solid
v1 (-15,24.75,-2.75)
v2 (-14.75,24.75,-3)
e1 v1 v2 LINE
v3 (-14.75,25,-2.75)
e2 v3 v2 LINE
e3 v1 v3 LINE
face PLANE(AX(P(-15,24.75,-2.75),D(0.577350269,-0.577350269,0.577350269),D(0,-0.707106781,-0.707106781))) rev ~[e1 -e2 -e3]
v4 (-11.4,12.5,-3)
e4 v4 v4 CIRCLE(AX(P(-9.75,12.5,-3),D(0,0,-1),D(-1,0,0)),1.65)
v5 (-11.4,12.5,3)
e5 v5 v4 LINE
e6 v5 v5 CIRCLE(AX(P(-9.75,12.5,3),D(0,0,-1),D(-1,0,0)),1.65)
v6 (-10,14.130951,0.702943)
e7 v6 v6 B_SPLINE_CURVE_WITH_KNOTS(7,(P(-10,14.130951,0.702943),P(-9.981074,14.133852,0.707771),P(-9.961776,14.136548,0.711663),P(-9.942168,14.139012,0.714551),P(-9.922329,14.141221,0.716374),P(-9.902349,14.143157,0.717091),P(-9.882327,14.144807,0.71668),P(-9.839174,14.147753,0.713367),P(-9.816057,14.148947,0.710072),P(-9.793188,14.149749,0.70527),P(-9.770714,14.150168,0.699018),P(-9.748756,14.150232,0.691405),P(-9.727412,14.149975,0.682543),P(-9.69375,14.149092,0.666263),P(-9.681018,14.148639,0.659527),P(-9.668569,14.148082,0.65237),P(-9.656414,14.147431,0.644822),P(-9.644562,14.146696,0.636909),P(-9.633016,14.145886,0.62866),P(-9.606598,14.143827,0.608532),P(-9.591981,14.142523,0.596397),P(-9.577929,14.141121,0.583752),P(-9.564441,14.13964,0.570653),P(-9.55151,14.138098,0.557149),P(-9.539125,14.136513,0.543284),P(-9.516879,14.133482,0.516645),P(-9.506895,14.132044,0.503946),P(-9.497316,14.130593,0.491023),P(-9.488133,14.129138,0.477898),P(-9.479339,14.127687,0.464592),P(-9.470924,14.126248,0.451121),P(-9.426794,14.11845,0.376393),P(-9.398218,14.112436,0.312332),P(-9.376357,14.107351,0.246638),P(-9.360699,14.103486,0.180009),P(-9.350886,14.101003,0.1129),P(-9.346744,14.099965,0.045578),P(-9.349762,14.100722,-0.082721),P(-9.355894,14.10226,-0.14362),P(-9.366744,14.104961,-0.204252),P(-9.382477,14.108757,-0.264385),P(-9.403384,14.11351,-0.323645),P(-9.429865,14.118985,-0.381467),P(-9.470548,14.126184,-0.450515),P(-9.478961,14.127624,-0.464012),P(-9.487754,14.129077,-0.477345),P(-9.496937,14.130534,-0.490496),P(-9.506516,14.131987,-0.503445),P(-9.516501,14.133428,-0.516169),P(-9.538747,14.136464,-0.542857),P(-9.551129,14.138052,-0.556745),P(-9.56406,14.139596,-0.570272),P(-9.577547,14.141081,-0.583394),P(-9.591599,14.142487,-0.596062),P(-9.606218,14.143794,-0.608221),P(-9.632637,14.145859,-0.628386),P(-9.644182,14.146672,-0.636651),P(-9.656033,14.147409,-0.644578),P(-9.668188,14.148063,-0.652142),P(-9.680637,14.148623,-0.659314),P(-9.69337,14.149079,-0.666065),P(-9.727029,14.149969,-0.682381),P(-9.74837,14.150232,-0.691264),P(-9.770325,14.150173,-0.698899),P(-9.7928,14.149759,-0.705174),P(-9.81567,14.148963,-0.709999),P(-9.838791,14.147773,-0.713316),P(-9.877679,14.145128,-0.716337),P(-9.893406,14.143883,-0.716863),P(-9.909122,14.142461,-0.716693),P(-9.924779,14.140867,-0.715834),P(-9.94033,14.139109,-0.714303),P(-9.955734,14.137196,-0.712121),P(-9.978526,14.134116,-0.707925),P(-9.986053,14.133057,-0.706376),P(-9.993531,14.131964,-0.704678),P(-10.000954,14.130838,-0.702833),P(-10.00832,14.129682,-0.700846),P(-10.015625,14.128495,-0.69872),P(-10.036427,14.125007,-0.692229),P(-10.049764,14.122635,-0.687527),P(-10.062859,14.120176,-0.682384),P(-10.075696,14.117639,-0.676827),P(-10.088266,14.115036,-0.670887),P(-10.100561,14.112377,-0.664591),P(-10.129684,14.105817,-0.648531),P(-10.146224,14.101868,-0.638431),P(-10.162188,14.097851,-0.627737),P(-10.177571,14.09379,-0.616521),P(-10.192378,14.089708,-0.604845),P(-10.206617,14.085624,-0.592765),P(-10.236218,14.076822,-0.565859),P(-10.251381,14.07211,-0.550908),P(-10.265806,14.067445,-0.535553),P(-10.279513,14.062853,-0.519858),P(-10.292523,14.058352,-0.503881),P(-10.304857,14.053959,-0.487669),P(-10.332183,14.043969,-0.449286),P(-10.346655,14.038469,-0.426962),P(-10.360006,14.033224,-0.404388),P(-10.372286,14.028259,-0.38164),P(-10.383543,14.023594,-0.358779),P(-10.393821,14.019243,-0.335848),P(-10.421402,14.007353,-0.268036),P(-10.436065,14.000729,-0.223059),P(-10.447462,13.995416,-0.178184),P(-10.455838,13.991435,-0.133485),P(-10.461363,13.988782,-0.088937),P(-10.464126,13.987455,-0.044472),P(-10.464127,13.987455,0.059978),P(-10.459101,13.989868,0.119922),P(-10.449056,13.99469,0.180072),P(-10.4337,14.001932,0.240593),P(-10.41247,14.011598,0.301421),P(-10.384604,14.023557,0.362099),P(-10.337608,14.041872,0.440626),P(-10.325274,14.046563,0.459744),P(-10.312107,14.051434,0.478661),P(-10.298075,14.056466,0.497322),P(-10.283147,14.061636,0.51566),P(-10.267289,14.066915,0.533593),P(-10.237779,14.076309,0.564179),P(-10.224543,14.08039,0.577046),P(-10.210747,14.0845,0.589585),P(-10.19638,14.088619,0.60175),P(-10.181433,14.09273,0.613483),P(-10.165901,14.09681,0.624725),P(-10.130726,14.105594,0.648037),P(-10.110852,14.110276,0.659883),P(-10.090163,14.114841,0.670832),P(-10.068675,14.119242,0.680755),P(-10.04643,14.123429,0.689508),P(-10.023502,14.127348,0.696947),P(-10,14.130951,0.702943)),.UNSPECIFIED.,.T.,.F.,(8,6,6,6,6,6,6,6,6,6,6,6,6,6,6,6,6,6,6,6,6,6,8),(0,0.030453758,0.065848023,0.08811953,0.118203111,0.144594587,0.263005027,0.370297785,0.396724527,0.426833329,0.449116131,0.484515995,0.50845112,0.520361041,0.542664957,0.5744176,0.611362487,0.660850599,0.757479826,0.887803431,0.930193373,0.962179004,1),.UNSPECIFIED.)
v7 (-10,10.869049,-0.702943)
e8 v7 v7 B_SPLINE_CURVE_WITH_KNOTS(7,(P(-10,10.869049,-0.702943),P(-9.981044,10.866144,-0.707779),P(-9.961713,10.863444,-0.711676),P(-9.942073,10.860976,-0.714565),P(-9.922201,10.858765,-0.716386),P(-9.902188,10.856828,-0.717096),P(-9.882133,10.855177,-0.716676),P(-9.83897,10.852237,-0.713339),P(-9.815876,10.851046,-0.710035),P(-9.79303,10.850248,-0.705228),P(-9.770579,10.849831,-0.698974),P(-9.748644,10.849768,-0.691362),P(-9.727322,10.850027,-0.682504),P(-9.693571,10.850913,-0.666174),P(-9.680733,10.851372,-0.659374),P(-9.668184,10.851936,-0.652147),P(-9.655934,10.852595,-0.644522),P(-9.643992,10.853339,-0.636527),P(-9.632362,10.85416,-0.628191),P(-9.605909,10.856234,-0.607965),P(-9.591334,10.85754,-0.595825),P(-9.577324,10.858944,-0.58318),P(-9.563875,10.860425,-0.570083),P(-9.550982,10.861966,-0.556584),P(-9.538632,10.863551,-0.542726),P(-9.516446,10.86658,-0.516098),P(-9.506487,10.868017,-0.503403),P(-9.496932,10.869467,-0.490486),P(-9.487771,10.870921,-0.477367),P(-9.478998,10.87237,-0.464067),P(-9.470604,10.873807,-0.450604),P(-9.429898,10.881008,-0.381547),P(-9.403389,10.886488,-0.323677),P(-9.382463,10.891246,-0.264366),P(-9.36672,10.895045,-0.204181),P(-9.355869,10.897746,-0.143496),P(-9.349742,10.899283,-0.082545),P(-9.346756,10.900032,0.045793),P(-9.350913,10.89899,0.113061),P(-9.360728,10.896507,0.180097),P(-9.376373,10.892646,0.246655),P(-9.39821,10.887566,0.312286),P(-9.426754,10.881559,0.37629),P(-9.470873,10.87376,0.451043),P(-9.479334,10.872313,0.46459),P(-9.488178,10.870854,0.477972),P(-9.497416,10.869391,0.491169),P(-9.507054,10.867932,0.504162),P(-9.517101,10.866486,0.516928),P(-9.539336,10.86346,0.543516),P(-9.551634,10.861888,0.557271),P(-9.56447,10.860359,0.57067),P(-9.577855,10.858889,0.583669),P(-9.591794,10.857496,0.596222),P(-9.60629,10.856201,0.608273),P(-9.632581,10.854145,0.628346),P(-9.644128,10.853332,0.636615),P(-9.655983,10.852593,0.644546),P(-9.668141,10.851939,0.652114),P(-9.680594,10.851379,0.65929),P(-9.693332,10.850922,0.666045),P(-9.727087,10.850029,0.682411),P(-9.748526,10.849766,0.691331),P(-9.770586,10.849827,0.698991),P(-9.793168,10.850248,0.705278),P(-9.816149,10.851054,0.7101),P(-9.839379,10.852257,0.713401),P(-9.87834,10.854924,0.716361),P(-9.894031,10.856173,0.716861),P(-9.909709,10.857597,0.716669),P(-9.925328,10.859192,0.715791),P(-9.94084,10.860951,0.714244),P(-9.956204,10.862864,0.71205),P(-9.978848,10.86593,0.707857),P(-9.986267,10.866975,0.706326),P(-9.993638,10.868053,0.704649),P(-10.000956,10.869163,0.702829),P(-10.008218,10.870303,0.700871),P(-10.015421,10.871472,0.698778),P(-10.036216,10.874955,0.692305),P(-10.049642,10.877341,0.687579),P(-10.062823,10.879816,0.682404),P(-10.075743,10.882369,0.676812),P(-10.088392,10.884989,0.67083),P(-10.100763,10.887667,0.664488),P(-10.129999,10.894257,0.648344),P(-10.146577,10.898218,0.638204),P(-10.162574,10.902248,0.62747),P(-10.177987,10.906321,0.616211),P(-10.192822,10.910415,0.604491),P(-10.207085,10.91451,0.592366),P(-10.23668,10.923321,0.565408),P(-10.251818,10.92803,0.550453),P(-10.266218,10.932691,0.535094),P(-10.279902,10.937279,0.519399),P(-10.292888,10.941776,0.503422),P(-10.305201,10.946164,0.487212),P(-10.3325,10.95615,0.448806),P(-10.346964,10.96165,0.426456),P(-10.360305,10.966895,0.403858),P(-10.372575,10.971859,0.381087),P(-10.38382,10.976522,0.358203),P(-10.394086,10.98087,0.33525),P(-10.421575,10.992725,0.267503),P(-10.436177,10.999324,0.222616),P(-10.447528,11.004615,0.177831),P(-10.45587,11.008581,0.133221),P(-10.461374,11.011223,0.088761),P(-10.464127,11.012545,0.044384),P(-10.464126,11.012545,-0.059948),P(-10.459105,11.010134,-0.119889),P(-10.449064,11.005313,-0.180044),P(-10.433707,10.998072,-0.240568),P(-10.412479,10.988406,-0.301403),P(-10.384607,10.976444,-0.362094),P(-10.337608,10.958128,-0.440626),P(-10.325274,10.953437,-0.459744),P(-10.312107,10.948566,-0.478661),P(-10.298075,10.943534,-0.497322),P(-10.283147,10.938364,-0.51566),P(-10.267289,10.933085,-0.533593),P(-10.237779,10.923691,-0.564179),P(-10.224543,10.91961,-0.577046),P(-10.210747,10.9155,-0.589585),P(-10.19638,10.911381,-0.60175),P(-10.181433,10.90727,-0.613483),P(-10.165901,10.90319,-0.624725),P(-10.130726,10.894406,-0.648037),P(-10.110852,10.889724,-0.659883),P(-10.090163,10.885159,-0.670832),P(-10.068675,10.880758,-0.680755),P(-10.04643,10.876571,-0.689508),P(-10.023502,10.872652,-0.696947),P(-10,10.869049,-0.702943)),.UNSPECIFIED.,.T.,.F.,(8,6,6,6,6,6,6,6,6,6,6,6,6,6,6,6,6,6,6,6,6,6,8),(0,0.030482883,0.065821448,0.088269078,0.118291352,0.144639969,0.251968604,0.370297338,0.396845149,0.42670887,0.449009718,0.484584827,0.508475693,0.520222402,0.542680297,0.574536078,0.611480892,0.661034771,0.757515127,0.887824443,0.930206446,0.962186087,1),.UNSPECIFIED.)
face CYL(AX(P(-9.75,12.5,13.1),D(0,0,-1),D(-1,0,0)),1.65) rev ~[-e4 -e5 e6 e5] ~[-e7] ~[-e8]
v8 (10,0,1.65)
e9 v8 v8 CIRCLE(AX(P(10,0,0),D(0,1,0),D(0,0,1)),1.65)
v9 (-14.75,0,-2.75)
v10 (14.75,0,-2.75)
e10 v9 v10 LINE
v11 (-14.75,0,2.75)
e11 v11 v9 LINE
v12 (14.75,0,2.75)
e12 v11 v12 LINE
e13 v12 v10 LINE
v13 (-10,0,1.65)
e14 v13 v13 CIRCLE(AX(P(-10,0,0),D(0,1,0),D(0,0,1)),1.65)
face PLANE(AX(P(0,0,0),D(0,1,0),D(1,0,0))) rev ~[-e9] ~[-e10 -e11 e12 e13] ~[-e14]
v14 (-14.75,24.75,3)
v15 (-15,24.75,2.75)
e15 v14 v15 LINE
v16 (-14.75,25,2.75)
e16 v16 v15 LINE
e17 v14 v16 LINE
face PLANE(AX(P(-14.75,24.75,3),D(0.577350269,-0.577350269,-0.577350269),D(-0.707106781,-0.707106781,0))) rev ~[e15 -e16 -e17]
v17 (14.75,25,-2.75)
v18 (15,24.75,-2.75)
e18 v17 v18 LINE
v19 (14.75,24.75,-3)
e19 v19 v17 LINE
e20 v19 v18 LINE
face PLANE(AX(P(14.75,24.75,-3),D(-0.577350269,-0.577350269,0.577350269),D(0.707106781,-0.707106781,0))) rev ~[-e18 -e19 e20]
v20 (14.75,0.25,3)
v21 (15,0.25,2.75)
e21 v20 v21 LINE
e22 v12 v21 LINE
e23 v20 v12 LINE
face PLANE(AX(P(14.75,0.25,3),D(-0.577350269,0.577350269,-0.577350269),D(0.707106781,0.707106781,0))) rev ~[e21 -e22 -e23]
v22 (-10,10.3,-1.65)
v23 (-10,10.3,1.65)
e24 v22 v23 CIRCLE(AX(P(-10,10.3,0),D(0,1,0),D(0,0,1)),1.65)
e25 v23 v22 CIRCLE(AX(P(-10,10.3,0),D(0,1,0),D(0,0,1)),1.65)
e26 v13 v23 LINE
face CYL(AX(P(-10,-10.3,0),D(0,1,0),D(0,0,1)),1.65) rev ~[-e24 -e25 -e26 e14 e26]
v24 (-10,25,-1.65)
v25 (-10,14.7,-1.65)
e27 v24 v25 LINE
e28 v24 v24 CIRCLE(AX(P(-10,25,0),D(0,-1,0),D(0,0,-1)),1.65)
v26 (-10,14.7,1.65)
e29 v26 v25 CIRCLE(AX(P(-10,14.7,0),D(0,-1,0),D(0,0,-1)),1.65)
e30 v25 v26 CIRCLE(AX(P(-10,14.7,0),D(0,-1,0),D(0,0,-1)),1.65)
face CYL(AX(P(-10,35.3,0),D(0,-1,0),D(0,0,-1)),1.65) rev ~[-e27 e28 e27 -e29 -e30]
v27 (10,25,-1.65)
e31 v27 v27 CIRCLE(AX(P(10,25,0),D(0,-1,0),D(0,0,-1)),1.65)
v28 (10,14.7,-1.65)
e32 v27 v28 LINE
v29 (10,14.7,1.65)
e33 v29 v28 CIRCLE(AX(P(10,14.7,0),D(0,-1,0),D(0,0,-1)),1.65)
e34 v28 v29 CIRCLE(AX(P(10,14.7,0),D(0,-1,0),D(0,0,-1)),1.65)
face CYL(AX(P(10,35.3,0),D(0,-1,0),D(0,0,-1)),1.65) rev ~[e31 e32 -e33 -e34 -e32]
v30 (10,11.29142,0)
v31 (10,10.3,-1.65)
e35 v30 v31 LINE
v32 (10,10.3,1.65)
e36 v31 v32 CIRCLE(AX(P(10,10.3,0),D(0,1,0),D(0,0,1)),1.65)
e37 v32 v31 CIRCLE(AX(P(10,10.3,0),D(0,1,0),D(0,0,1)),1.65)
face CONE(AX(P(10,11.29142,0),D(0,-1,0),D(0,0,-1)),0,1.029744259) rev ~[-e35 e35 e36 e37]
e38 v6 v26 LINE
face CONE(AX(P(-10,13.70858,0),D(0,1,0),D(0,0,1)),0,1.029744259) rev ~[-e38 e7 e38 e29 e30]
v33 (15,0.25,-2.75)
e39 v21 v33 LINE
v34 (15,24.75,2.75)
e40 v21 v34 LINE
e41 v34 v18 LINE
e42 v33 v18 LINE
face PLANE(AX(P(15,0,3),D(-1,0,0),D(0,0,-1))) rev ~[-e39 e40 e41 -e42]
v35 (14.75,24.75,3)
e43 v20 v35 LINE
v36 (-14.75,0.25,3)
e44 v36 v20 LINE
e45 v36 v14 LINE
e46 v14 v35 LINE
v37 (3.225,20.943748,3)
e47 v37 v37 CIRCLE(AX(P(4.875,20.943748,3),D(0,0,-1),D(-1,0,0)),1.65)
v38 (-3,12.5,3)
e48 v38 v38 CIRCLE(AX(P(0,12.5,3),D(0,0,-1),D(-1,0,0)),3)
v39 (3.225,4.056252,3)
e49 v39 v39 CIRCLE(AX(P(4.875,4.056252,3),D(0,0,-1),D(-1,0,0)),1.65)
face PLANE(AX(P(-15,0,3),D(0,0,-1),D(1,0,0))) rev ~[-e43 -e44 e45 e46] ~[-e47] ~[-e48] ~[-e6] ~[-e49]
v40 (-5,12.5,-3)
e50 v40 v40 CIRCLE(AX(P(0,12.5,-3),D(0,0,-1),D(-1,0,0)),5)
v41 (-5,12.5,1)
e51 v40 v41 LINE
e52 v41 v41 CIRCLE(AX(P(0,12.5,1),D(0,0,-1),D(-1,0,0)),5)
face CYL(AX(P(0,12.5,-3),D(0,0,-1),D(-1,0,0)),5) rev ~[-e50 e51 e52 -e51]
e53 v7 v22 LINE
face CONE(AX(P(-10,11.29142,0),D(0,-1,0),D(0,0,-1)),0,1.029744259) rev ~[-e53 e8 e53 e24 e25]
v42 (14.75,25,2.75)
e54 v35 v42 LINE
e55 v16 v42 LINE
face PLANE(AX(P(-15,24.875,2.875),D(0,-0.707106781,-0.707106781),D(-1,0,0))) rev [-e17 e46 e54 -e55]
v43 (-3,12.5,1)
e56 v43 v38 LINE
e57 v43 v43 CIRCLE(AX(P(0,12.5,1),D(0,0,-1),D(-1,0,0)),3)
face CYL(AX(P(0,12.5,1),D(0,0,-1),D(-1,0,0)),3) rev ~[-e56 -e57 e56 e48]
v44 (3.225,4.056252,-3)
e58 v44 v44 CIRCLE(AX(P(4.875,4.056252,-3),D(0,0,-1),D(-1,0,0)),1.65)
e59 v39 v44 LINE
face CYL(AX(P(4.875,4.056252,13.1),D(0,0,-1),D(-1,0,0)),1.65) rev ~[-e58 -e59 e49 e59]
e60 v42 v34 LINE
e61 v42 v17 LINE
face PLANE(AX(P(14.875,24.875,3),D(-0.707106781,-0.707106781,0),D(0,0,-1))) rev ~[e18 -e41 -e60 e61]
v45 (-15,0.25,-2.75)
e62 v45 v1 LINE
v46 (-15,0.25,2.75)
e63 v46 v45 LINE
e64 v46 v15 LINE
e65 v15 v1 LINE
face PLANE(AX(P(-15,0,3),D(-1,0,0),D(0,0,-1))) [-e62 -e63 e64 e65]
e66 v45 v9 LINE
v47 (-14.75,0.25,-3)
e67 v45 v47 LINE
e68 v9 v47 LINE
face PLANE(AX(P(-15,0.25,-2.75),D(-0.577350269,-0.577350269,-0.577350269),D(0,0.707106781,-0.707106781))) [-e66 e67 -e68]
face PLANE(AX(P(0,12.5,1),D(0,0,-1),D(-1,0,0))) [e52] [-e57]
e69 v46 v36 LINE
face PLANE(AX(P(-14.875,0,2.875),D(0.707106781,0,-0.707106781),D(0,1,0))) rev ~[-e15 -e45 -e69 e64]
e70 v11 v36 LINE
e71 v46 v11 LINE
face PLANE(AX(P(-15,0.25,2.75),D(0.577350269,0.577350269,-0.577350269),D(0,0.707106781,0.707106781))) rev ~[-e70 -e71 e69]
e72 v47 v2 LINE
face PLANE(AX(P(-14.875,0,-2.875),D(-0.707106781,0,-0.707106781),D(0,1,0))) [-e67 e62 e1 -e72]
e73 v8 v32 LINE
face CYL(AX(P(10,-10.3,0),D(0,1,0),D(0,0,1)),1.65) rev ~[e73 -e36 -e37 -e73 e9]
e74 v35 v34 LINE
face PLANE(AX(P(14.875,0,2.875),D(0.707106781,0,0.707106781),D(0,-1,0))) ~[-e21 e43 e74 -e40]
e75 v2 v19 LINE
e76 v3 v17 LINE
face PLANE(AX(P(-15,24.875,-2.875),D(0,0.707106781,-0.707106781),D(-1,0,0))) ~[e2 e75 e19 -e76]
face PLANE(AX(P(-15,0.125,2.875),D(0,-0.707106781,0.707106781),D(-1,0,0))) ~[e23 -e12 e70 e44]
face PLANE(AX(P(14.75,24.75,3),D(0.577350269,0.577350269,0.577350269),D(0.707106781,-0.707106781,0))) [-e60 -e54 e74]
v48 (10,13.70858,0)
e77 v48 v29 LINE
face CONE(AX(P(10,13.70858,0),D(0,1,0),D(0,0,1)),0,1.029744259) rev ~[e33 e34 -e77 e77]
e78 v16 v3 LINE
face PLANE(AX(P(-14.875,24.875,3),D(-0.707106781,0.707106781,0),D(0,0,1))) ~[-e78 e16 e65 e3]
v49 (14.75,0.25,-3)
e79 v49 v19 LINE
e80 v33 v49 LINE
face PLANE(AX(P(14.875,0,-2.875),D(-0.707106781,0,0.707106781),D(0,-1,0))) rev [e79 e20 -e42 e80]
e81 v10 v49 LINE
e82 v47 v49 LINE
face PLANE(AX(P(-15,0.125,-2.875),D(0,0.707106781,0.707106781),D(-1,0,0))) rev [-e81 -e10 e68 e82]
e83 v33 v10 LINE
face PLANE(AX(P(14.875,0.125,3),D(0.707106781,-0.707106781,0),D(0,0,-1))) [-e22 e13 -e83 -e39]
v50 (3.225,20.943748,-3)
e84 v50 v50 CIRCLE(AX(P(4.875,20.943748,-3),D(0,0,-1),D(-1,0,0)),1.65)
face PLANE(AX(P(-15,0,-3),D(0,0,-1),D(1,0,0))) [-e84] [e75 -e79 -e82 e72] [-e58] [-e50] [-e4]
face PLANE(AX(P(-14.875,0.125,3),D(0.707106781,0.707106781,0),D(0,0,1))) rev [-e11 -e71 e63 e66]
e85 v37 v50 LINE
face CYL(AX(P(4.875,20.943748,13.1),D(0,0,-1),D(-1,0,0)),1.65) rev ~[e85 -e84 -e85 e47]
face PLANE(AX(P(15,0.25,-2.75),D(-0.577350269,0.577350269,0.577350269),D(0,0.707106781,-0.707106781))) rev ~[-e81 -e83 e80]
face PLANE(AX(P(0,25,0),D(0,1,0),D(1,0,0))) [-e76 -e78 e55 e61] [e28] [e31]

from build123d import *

# Parameters (mm, degrees)
SKETCH1_W                           = 30
SKETCH1_H                           = 6
EXTRUDE1_DEPTH                      = 25
SKETCH2_R                           = 5
CUT_EXTRUDE1_DEPTH                  = 4
SKETCH3_R                           = 3
CUT_EXTRUDE2_DEPTH                  = 12
M4X0_7_TAPPED_HOLE1_D               = 3.3
M4X0_7_TAPPED_HOLE1_DEPTH           = 10.3
M4X0_7_TAPPED_HOLE1_TIP             = 0.991420021
M4X0_7_TAPPED_HOLE1_ON_FACE_2_D     = 3.3
M4X0_7_TAPPED_HOLE1_ON_FACE_2_DEPTH = 10.3
M4X0_7_TAPPED_HOLE1_ON_FACE_2_TIP   = 0.991420021
CHAMFER2_SIZE                       = 0.25
M4X0_7_TAPPED_HOLE2_D               = 3.3
M4X0_7_TAPPED_HOLE2_DEPTH           = 10.1
M4X0_7_TAPPED_HOLE2_TIP             = 0.991420021


with BuildPart() as part:
    # Sketch1 → Extrude1 (new body)
    with BuildSketch(Plane(origin=(0, 0, 0), x_dir=(1, 0, 0), z_dir=(0, 1, 0))):
        Rectangle(SKETCH1_W, SKETCH1_H)
    extrude(amount=EXTRUDE1_DEPTH)

    # Sketch2 → Cut-Extrude1 (cut)
    with BuildSketch(Plane(origin=(0, 0, -3), x_dir=(-1, 0, 0), z_dir=(0, 0, -1))):
        with Locations((0, 12.5)):
            Circle(SKETCH2_R)
    extrude(amount=-CUT_EXTRUDE1_DEPTH, mode=Mode.SUBTRACT)

    # Sketch3 → Cut-Extrude2 (cut)
    with BuildSketch(Plane(origin=(0, 0, 1), x_dir=(-1, 0, 0), z_dir=(0, 0, -1))):
        with Locations((0, 12.5)):
            Circle(SKETCH3_R)
    extrude(amount=-CUT_EXTRUDE2_DEPTH, mode=Mode.SUBTRACT)

    # M4x0.7 Tapped Hole1
    with Locations(Plane(origin=(10, 25, 0), x_dir=(0, 0, 1), z_dir=(0, 1, 0))):
        with Locations((0, 0), (0, -20)):
            Hole(M4X0_7_TAPPED_HOLE1_D / 2, depth=M4X0_7_TAPPED_HOLE1_DEPTH)
            with Locations((0, 0, -(M4X0_7_TAPPED_HOLE1_DEPTH + M4X0_7_TAPPED_HOLE1_TIP / 2))):  # 118° drill point
                Cone(0, M4X0_7_TAPPED_HOLE1_D / 2, M4X0_7_TAPPED_HOLE1_TIP, mode=Mode.SUBTRACT)

    # M4x0.7 Tapped Hole1 on face 2
    with Locations(Plane(origin=(10, 0, 0), x_dir=(0, 0, -1), z_dir=(0, -1, 0))):
        with Locations((0, 0), (0, -20)):
            Hole(M4X0_7_TAPPED_HOLE1_ON_FACE_2_D / 2, depth=M4X0_7_TAPPED_HOLE1_ON_FACE_2_DEPTH)
            with Locations((0, 0, -(M4X0_7_TAPPED_HOLE1_ON_FACE_2_DEPTH + M4X0_7_TAPPED_HOLE1_ON_FACE_2_TIP / 2))):  # 118° drill point
                Cone(0, M4X0_7_TAPPED_HOLE1_ON_FACE_2_D / 2, M4X0_7_TAPPED_HOLE1_ON_FACE_2_TIP, mode=Mode.SUBTRACT)

    # Chamfer2
    chamfer2_edges = [part.edges().sort_by_distance(p)[0] for p in [
        (15, 25, 0),
        (0, 25, -3),
        (-15, 25, 0),
        (0, 0, -3),
        (15, 0, 0),
        (0, 0, 3),
        (-15, 0, 0),
        (0, 25, 3),
        (-15, 12.5, -3),
        (15, 12.5, -3),
        (15, 12.5, 3),
        (-15, 12.5, 3),
    ]]
    chamfer(chamfer2_edges, length=CHAMFER2_SIZE)

    # M4x0.7 Tapped Hole2
    with Locations(Plane(origin=(-9.75, 12.5, 3), x_dir=(1, 0, 0), z_dir=(0, 0, 1))):
        with Locations((0, 0), (14.625, -8.443747687), (14.625, 8.443747687)):
            Hole(M4X0_7_TAPPED_HOLE2_D / 2, depth=M4X0_7_TAPPED_HOLE2_DEPTH)
            with Locations((0, 0, -(M4X0_7_TAPPED_HOLE2_DEPTH + M4X0_7_TAPPED_HOLE2_TIP / 2))):  # 118° drill point
                Cone(0, M4X0_7_TAPPED_HOLE2_D / 2, M4X0_7_TAPPED_HOLE2_TIP, mode=Mode.SUBTRACT)


solid = part.part
